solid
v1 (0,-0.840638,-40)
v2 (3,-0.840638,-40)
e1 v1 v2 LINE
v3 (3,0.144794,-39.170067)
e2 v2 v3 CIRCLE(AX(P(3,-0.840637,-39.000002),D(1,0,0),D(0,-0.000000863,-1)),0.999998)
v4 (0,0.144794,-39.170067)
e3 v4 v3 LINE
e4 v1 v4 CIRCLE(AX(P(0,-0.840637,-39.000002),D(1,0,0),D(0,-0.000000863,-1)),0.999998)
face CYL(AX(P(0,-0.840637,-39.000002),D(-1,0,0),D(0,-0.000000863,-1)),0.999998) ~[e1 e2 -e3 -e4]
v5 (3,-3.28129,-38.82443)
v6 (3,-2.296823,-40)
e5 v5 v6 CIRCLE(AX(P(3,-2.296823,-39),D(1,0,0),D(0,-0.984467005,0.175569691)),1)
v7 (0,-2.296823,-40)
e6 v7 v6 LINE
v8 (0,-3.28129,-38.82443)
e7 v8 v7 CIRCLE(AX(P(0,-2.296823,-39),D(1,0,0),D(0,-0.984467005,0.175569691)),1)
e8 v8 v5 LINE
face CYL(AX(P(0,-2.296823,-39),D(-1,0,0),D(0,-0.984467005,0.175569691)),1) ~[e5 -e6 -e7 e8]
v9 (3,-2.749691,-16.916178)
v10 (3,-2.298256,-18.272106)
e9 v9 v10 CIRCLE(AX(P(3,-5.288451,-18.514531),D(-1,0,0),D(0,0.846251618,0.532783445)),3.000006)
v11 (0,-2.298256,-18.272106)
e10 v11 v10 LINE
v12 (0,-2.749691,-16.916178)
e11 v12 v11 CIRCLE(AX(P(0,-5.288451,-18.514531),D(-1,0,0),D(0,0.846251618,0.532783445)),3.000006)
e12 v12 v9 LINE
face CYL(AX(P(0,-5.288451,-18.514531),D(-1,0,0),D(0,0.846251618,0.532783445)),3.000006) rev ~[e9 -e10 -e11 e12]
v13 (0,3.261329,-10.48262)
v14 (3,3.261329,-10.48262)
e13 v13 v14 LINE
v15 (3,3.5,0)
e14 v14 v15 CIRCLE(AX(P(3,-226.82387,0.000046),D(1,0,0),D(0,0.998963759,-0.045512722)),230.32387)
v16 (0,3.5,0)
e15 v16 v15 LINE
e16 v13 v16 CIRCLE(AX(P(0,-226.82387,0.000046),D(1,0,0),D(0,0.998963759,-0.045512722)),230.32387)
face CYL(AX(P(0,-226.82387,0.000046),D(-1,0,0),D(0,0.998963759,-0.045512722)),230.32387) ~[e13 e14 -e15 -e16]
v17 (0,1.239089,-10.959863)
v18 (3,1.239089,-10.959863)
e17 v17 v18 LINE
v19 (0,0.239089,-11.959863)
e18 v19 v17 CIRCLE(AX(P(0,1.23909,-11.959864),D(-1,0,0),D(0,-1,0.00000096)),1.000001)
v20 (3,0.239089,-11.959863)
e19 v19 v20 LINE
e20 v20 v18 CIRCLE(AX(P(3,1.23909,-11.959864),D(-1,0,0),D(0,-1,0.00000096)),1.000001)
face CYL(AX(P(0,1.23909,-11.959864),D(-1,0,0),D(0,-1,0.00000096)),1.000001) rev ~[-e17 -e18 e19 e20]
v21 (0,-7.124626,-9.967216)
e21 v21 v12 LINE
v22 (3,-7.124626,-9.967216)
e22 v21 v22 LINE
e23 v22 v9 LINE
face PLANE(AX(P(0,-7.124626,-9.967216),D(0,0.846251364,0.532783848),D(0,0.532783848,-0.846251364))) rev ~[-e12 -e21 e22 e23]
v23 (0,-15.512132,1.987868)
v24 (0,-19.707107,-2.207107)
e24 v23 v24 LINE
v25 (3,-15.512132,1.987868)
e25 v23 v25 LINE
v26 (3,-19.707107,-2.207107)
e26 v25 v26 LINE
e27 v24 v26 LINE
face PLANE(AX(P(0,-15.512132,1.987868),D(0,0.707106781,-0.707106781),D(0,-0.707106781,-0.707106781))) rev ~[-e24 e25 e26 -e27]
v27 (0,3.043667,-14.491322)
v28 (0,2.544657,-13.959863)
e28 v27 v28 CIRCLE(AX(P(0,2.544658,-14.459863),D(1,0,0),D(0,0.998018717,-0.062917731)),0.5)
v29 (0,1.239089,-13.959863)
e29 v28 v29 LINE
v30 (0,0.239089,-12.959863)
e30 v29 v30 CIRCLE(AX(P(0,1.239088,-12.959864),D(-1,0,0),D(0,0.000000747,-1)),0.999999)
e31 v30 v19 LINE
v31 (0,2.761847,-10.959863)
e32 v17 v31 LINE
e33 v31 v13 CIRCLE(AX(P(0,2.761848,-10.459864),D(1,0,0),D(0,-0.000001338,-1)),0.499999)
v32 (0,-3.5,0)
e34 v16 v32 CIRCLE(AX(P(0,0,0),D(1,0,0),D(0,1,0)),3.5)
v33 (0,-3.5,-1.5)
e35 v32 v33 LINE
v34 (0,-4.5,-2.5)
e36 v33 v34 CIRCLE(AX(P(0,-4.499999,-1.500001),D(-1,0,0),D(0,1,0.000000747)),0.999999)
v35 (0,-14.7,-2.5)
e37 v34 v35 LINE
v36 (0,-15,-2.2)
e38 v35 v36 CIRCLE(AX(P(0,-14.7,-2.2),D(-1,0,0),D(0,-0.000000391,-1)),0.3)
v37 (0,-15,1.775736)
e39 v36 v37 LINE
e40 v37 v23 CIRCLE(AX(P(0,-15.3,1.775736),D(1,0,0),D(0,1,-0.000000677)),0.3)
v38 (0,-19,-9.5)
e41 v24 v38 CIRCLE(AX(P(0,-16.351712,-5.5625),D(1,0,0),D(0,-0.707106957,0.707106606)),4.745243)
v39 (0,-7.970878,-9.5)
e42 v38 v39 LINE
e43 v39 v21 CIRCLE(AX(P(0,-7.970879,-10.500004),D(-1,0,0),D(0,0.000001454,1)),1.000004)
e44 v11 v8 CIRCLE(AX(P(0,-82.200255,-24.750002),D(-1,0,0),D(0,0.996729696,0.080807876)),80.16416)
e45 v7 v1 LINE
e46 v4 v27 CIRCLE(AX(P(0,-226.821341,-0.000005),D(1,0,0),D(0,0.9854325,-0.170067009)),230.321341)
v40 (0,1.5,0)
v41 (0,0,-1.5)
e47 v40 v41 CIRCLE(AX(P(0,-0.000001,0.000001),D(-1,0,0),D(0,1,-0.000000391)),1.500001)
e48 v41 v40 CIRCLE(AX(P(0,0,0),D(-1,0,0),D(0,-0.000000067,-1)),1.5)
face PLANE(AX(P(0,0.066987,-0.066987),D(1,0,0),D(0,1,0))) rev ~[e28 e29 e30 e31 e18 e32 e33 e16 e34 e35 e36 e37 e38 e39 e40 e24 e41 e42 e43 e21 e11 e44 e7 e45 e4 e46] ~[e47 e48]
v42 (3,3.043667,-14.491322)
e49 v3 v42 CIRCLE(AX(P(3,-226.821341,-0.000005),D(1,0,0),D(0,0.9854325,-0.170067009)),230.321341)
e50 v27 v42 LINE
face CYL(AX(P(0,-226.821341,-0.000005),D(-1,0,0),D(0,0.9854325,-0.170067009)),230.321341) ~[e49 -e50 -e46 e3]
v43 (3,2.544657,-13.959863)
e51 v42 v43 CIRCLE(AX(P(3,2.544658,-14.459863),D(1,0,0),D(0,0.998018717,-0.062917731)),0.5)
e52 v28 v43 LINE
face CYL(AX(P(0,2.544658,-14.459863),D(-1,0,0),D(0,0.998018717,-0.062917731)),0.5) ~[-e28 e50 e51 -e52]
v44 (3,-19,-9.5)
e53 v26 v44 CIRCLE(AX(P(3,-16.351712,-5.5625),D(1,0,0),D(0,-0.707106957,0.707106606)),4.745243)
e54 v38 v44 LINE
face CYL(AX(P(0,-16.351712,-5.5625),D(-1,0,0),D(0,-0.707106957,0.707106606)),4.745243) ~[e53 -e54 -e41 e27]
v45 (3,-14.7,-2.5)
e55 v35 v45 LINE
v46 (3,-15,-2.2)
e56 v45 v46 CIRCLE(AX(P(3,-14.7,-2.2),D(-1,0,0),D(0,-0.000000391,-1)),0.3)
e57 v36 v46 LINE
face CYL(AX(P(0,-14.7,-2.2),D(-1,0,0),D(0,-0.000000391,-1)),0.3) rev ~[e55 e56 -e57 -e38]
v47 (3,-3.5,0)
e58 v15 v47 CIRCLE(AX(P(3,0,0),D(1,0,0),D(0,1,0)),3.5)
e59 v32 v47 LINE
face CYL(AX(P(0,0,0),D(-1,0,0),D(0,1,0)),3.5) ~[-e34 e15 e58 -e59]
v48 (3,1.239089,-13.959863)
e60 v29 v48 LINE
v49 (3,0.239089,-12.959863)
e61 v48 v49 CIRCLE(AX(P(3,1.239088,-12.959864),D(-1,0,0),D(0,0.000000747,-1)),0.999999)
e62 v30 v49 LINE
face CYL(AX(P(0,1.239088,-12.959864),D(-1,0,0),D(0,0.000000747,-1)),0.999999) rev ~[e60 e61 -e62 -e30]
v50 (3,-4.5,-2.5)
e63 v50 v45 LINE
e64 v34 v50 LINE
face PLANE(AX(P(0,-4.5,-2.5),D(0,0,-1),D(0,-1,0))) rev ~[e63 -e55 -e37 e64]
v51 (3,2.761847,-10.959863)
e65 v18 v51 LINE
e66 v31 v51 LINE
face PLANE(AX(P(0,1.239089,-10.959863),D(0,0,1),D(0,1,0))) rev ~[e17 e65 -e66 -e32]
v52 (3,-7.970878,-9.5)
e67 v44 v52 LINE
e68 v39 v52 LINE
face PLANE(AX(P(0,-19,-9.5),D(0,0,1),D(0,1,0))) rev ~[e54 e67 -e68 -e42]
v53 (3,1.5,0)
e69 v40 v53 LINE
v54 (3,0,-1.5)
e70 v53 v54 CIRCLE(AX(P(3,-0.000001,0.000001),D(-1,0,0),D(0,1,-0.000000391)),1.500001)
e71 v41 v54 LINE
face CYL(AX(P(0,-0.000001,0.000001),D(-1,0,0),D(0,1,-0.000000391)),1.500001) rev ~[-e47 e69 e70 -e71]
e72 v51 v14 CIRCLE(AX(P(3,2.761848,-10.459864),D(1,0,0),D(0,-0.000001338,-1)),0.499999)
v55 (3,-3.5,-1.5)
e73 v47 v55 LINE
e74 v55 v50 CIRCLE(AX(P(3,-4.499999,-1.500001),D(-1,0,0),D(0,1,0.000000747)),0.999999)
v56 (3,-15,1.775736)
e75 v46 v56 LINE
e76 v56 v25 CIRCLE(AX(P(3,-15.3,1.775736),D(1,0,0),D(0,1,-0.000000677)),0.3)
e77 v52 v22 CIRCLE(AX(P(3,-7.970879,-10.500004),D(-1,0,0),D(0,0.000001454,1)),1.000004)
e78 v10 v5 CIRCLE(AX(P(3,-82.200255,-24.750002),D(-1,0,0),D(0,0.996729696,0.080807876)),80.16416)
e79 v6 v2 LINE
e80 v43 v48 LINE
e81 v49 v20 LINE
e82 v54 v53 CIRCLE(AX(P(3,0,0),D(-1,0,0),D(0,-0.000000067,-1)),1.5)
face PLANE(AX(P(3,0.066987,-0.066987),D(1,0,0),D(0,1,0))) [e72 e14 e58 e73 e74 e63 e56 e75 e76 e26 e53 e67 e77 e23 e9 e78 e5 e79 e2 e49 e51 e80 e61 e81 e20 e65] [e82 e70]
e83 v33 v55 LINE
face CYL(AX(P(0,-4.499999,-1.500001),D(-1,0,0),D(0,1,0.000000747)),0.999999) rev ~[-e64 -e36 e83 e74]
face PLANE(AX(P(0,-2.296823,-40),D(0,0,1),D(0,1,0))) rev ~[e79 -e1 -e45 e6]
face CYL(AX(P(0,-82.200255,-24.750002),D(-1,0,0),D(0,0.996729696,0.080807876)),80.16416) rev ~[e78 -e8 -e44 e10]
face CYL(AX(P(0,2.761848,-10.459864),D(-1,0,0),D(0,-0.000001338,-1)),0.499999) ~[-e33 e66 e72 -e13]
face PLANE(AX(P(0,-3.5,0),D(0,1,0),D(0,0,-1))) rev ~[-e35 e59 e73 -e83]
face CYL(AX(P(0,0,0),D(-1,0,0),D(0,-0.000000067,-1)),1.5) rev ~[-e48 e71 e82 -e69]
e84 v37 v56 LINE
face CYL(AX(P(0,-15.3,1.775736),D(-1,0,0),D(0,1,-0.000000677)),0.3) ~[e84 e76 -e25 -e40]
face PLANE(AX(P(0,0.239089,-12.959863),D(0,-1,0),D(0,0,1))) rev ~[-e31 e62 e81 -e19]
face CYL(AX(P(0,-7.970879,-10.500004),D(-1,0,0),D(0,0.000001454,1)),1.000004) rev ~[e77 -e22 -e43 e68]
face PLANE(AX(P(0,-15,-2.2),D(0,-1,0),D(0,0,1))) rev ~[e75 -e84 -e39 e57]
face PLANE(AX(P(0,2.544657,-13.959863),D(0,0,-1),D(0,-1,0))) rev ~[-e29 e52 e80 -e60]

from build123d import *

# Parameters (mm, degrees)
F1_DEPTH = 3


with BuildPart() as f1:
    # F0 (on Right) → F1 (new body)
    with BuildSketch(Plane.YZ):
        with BuildLine():
            ThreePointArc((0, -1.5), (1.06066, -1.06066), (1.5, 0))
            ThreePointArc((1.5, 0), (-1.06066, 1.06066), (0, -1.5))
        make_face()
        with BuildLine():
            ThreePointArc((3.261329, -10.48262), (3.440324, -5.242668), (3.5, 0))
            ThreePointArc((3.5, 0), (0, 3.5), (-3.5, 0))
            Line((-3.5, 0), (-3.5, -1.5))
            ThreePointArc((-3.5, -1.5), (-3.792893, -2.207107), (-4.5, -2.5))
            Line((-4.5, -2.5), (-14.7, -2.5))
            ThreePointArc((-14.7, -2.5), (-14.912132, -2.412132), (-15, -2.2))
            Line((-15, -2.2), (-15, 1.775736))
            ThreePointArc((-15, 1.775736), (-15.185195, 2.0529), (-15.512132, 1.987868))
            Line((-15.512132, 1.987868), (-19.707107, -2.207107))
            ThreePointArc((-19.707107, -2.207107), (-21.074807, -6.020443), (-19, -9.5))
            Line((-19, -9.5), (-7.970878, -9.5))
            ThreePointArc((-7.970878, -9.5), (-7.487548, -9.624562), (-7.124626, -9.967216))
            Line((-7.124626, -9.967216), (-2.749691, -16.916178))
            ThreePointArc((-2.749691, -16.916178), (-2.442055, -17.566868), (-2.298256, -18.272106))
            ThreePointArc((-2.298256, -18.272106), (-2.127637, -28.579939), (-3.28129, -38.82443))
            ThreePointArc((-3.28129, -38.82443), (-3.063494, -39.64204), (-2.296823, -40))
            Line((-2.296823, -40), (-0.840638, -40))
            ThreePointArc((-0.840638, -40), (-0.196459, -39.764875), (0.144794, -39.170067))
            ThreePointArc((0.144794, -39.170067), (1.927284, -26.869816), (3.043667, -14.491322))
            ThreePointArc((3.043667, -14.491322), (2.909164, -14.117613), (2.544657, -13.959863))
            Line((2.544657, -13.959863), (1.239089, -13.959863))
            ThreePointArc((1.239089, -13.959863), (0.531982, -13.66697), (0.239089, -12.959863))
            Line((0.239089, -12.959863), (0.239089, -11.959863))
            ThreePointArc((0.239089, -11.959863), (0.531982, -11.252757), (1.239089, -10.959863))
            Line((1.239089, -10.959863), (2.761847, -10.959863))
            ThreePointArc((2.761847, -10.959863), (3.107261, -10.821373), (3.261329, -10.48262))
        make_face()
        with BuildLine():
            ThreePointArc((0, -1.5), (-1.06066, 1.06066), (1.5, 0))
            ThreePointArc((1.5, 0), (1.06066, -1.06066), (0, -1.5))
        make_face(mode=Mode.SUBTRACT)
    extrude(amount=F1_DEPTH)


solid = f1.part
